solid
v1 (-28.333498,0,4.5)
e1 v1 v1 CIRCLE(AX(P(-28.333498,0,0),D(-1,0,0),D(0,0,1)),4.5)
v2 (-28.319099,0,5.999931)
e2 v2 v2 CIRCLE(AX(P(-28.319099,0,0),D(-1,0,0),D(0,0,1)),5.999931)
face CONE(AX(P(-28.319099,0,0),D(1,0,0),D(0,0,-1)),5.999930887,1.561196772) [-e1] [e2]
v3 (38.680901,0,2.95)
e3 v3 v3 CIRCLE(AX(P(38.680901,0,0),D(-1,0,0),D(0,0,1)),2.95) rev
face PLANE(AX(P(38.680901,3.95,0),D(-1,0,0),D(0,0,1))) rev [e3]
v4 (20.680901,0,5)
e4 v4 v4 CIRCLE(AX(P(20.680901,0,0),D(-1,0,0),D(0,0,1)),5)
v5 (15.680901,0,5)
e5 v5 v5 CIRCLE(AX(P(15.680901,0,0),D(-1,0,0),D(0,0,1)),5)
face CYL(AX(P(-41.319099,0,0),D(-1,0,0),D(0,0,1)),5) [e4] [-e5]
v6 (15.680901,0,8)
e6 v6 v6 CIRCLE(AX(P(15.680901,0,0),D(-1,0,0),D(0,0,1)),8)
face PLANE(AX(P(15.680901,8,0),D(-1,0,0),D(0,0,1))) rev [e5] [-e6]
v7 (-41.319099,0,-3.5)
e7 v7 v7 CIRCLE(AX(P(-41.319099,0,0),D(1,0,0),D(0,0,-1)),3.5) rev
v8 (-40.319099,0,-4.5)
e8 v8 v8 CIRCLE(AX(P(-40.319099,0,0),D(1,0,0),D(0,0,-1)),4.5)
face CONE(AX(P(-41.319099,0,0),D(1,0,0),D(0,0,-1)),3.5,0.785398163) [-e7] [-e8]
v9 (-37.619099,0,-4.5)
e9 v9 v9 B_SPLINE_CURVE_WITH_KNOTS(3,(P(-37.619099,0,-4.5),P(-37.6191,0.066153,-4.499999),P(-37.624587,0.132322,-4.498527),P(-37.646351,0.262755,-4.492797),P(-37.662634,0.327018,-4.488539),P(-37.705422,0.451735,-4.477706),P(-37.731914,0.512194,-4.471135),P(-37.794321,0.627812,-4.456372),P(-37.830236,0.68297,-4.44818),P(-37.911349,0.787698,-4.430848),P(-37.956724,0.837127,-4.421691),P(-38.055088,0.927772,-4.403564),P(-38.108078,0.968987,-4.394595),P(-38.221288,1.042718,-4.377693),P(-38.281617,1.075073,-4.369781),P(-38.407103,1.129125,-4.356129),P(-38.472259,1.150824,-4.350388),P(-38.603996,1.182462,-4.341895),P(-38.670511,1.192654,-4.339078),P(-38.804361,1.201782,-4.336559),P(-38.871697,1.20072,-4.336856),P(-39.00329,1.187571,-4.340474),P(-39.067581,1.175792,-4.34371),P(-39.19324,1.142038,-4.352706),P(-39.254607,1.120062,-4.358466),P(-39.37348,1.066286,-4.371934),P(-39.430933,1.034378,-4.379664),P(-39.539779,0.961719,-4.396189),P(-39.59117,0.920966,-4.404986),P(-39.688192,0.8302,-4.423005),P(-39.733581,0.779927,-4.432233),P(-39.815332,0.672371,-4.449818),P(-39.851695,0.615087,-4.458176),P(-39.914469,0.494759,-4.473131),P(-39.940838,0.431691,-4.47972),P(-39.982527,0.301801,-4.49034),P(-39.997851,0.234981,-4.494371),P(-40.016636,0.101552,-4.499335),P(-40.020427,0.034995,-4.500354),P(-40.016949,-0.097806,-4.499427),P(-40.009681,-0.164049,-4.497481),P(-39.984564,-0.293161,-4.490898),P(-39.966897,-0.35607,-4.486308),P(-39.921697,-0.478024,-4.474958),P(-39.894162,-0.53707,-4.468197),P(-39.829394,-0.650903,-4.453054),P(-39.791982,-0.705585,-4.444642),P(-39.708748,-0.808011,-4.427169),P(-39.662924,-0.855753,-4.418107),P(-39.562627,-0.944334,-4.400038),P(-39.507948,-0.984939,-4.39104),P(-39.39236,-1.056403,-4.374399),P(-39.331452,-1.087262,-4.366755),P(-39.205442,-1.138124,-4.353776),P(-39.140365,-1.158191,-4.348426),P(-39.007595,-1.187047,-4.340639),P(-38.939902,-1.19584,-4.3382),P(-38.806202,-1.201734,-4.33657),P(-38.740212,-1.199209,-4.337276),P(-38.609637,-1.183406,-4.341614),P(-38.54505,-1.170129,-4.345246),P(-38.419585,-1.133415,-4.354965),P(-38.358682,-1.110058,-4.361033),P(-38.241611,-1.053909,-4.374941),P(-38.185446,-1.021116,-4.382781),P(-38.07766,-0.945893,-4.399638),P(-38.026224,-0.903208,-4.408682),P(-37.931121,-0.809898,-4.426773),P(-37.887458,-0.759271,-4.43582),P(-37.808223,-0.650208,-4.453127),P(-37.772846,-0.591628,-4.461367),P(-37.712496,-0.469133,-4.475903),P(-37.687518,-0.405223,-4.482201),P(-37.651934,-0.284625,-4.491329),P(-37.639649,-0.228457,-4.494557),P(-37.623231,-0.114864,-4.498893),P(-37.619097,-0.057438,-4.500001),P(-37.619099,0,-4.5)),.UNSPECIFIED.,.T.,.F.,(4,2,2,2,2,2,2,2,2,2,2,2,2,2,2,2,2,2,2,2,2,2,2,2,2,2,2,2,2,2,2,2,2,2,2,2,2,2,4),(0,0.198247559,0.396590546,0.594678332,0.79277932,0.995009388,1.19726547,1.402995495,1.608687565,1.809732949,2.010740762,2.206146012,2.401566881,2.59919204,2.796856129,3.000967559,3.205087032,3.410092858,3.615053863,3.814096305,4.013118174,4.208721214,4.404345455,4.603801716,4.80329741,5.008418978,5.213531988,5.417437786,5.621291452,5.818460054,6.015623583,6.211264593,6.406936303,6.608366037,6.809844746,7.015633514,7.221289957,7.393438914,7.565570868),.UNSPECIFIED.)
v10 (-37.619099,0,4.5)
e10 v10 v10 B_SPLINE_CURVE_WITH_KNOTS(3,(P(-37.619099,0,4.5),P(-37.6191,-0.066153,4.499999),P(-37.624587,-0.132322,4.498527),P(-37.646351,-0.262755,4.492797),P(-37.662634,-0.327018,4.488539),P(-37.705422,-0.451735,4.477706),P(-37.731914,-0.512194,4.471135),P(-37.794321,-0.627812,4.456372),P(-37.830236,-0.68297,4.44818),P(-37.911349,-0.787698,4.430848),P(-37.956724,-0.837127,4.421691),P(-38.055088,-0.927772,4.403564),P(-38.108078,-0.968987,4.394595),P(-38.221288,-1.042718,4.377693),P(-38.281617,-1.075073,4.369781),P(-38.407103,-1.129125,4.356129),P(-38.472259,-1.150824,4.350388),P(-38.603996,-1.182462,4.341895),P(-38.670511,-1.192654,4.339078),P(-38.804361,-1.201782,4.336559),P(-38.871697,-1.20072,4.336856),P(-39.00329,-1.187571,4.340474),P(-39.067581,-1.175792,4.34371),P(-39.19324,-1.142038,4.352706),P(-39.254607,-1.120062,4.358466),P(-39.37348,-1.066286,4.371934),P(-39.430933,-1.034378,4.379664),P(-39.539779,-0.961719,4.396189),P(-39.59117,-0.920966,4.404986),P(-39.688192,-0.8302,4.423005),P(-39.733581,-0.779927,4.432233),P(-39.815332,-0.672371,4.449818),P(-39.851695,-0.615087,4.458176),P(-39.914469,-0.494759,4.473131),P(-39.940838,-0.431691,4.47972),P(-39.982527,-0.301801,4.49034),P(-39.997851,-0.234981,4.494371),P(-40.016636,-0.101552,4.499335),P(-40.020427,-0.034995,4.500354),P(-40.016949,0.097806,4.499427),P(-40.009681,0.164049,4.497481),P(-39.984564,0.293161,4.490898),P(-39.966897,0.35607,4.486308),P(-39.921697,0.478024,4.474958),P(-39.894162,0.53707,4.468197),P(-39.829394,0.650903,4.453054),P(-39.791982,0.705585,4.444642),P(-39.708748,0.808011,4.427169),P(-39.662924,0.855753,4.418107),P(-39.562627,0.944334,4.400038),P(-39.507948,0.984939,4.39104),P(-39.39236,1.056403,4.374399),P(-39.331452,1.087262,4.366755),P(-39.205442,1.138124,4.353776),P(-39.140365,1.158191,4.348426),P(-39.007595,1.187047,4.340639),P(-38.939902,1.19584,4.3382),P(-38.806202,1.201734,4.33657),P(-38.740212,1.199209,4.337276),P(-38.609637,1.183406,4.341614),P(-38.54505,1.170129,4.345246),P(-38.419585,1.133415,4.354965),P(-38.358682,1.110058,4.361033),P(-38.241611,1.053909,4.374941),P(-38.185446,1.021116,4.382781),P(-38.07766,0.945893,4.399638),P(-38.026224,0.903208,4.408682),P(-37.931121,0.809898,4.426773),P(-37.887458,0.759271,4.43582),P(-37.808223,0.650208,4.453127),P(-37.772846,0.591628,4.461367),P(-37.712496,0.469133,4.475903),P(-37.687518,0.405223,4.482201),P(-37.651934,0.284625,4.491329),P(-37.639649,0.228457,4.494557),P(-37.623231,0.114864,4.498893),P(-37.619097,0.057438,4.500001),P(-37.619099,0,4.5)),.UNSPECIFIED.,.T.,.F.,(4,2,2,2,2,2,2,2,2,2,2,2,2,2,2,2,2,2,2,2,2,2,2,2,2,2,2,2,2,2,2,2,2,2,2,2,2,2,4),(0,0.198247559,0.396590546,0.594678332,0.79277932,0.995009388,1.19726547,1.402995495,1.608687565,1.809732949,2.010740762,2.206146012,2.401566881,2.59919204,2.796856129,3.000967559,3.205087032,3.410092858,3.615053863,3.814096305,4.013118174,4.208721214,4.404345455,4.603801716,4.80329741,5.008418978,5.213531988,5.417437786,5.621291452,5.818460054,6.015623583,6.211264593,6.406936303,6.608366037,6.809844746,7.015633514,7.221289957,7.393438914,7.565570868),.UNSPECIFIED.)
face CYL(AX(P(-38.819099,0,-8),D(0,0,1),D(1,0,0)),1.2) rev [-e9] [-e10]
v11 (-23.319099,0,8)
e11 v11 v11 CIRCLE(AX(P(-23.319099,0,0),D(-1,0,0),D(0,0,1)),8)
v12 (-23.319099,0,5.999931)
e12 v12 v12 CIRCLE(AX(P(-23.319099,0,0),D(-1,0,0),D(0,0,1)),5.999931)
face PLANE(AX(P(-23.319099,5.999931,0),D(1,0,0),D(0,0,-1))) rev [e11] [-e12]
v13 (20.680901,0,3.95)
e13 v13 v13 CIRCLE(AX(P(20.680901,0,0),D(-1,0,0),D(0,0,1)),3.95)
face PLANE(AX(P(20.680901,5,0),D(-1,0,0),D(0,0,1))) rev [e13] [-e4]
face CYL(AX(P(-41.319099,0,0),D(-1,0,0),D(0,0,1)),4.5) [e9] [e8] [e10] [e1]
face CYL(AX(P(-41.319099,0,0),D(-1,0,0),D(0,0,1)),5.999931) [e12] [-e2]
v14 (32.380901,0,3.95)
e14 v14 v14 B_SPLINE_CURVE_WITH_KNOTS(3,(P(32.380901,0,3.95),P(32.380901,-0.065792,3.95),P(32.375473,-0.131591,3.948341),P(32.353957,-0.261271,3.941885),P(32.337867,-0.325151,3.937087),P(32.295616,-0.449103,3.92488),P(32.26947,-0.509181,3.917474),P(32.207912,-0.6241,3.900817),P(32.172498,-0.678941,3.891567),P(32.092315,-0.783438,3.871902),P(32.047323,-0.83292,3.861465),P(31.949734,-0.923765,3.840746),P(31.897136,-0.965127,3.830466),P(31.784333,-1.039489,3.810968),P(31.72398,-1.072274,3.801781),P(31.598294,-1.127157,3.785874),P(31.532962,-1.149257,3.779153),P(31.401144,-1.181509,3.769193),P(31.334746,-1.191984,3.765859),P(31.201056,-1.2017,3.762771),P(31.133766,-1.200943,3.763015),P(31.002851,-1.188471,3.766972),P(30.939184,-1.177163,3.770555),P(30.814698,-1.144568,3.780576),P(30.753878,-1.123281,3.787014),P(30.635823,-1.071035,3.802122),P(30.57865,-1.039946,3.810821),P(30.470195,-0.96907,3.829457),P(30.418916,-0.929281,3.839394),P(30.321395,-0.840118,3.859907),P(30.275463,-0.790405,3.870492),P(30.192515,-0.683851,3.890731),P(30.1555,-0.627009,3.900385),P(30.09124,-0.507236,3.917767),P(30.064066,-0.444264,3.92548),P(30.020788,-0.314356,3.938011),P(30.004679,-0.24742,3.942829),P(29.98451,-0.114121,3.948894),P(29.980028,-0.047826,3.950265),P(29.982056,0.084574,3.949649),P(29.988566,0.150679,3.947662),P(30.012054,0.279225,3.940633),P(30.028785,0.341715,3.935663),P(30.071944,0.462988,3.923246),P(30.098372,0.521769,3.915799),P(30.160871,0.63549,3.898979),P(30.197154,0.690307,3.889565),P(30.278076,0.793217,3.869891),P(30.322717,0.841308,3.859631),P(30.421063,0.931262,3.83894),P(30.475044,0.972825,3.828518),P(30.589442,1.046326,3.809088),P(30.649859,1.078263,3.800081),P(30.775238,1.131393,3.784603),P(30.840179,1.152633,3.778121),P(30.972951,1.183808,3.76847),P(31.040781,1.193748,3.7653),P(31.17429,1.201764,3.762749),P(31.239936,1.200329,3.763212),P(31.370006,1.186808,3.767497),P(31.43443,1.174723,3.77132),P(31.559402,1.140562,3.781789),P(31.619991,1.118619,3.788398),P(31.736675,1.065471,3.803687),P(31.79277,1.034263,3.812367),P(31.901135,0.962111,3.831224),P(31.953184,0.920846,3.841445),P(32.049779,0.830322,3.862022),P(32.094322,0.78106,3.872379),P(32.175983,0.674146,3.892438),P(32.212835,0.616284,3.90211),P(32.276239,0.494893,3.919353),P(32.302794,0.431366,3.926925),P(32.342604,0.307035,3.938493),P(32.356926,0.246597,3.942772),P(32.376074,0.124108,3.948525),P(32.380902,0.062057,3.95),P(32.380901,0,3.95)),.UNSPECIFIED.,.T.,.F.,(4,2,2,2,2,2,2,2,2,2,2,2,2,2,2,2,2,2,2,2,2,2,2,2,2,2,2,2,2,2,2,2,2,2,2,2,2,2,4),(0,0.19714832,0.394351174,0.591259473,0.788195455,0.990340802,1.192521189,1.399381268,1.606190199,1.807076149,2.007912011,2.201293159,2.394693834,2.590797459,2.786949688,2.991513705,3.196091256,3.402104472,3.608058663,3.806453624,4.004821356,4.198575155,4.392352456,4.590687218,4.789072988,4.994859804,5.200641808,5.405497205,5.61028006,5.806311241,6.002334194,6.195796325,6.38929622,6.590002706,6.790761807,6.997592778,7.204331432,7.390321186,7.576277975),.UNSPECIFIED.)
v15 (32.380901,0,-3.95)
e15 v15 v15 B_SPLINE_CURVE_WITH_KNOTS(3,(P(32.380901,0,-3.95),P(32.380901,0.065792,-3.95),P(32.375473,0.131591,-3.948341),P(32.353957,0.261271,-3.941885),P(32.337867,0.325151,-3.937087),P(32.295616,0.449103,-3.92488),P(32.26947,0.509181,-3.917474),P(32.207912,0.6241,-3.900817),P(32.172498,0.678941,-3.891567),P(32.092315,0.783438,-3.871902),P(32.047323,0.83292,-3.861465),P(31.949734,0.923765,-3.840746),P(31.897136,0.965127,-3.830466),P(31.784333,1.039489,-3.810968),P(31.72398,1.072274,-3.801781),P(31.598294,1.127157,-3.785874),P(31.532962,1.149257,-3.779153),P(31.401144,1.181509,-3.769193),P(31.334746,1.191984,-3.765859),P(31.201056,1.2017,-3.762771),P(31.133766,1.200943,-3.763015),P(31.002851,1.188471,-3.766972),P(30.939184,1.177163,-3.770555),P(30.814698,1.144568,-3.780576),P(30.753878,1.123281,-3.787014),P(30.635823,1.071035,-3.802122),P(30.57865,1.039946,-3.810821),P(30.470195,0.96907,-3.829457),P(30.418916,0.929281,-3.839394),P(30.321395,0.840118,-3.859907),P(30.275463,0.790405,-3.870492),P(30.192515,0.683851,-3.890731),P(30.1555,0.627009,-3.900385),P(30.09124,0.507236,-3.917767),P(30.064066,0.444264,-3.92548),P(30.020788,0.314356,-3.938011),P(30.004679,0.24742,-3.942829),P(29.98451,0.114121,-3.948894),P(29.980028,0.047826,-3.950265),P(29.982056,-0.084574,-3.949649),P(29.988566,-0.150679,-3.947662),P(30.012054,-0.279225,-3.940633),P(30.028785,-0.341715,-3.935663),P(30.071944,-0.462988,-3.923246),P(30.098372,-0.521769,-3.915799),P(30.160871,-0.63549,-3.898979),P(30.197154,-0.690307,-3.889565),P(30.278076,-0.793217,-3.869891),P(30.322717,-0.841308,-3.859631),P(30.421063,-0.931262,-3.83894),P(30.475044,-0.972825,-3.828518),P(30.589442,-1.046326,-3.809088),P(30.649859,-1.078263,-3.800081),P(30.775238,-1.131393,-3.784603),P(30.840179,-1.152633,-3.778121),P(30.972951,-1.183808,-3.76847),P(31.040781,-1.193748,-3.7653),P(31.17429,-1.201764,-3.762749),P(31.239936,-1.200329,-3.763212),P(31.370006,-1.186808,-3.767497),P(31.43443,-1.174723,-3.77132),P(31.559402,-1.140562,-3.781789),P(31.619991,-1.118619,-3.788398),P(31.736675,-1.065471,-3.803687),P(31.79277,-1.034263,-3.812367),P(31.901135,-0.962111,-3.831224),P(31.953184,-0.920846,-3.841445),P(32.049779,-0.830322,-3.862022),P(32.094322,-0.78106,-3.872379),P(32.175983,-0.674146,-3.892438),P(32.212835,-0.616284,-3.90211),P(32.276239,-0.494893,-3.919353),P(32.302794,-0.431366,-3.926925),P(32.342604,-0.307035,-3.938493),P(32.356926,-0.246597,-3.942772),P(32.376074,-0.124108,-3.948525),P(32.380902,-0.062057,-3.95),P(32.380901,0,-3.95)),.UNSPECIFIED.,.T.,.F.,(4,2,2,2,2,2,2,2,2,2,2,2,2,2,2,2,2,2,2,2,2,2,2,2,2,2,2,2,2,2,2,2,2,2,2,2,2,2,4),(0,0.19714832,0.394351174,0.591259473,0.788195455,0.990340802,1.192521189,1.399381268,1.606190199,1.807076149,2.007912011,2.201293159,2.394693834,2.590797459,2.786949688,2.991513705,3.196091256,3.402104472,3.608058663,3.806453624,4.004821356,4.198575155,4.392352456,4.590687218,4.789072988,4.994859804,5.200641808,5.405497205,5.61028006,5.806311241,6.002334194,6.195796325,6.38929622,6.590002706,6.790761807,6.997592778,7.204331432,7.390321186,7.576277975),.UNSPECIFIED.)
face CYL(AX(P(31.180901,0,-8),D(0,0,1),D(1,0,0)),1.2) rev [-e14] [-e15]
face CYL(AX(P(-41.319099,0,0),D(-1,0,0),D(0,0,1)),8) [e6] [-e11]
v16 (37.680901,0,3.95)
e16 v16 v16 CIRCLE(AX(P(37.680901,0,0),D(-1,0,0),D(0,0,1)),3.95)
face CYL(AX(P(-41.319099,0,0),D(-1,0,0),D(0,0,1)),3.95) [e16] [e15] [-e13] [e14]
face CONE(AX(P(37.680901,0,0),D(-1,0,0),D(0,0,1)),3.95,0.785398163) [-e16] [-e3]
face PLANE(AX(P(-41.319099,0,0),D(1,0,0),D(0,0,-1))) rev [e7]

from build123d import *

# Parameters (mm, degrees)
CHAMFER1_SIZE           = 1
SKETCH2_R               = 1.2
CUT_EXTRUDE1_DEPTH      = 9
CUT_EXTRUDE1_DEPTH_BACK = 9


with BuildPart() as part:
    # Sketch1 → Revolve1 (revolve)
    with BuildSketch(Plane.XY):
        Polygon((-41.319098712, 0), (-41.319098712, 4.5), (-28.333497823, 4.5), (-28.319098712, 5.999930887), (-23.319098712, 5.999930887), (-23.319098712, 8), (15.680901288, 8), (15.680901288, 5), (20.680901288, 5), (20.680901288, 3.95), (38.680901288, 3.95), (38.680901288, 0), align=None)
    revolve(axis=Axis((-41.319098712, 0, 0), (1, 0, 0)))

    # Chamfer1
    chamfer1_edges = [part.edges().sort_by_distance(p)[0] for p in [
        (-41.319098712, -4.5, 0),
        (38.680901288, -3.95, 0),
    ]]
    chamfer(chamfer1_edges, length=CHAMFER1_SIZE)

    # Sketch2 → Cut-Extrude1 (cut, two sides)
    with BuildSketch(Plane.XY) as cut_extrude1_sk:
        with Locations((-38.819098712, 0)):
            Circle(SKETCH2_R)
        with Locations((31.180901288, 0)):
            Circle(SKETCH2_R)
    extrude(amount=CUT_EXTRUDE1_DEPTH, mode=Mode.SUBTRACT)
    extrude(cut_extrude1_sk.sketch, amount=-CUT_EXTRUDE1_DEPTH_BACK, mode=Mode.SUBTRACT)


solid = part.part
